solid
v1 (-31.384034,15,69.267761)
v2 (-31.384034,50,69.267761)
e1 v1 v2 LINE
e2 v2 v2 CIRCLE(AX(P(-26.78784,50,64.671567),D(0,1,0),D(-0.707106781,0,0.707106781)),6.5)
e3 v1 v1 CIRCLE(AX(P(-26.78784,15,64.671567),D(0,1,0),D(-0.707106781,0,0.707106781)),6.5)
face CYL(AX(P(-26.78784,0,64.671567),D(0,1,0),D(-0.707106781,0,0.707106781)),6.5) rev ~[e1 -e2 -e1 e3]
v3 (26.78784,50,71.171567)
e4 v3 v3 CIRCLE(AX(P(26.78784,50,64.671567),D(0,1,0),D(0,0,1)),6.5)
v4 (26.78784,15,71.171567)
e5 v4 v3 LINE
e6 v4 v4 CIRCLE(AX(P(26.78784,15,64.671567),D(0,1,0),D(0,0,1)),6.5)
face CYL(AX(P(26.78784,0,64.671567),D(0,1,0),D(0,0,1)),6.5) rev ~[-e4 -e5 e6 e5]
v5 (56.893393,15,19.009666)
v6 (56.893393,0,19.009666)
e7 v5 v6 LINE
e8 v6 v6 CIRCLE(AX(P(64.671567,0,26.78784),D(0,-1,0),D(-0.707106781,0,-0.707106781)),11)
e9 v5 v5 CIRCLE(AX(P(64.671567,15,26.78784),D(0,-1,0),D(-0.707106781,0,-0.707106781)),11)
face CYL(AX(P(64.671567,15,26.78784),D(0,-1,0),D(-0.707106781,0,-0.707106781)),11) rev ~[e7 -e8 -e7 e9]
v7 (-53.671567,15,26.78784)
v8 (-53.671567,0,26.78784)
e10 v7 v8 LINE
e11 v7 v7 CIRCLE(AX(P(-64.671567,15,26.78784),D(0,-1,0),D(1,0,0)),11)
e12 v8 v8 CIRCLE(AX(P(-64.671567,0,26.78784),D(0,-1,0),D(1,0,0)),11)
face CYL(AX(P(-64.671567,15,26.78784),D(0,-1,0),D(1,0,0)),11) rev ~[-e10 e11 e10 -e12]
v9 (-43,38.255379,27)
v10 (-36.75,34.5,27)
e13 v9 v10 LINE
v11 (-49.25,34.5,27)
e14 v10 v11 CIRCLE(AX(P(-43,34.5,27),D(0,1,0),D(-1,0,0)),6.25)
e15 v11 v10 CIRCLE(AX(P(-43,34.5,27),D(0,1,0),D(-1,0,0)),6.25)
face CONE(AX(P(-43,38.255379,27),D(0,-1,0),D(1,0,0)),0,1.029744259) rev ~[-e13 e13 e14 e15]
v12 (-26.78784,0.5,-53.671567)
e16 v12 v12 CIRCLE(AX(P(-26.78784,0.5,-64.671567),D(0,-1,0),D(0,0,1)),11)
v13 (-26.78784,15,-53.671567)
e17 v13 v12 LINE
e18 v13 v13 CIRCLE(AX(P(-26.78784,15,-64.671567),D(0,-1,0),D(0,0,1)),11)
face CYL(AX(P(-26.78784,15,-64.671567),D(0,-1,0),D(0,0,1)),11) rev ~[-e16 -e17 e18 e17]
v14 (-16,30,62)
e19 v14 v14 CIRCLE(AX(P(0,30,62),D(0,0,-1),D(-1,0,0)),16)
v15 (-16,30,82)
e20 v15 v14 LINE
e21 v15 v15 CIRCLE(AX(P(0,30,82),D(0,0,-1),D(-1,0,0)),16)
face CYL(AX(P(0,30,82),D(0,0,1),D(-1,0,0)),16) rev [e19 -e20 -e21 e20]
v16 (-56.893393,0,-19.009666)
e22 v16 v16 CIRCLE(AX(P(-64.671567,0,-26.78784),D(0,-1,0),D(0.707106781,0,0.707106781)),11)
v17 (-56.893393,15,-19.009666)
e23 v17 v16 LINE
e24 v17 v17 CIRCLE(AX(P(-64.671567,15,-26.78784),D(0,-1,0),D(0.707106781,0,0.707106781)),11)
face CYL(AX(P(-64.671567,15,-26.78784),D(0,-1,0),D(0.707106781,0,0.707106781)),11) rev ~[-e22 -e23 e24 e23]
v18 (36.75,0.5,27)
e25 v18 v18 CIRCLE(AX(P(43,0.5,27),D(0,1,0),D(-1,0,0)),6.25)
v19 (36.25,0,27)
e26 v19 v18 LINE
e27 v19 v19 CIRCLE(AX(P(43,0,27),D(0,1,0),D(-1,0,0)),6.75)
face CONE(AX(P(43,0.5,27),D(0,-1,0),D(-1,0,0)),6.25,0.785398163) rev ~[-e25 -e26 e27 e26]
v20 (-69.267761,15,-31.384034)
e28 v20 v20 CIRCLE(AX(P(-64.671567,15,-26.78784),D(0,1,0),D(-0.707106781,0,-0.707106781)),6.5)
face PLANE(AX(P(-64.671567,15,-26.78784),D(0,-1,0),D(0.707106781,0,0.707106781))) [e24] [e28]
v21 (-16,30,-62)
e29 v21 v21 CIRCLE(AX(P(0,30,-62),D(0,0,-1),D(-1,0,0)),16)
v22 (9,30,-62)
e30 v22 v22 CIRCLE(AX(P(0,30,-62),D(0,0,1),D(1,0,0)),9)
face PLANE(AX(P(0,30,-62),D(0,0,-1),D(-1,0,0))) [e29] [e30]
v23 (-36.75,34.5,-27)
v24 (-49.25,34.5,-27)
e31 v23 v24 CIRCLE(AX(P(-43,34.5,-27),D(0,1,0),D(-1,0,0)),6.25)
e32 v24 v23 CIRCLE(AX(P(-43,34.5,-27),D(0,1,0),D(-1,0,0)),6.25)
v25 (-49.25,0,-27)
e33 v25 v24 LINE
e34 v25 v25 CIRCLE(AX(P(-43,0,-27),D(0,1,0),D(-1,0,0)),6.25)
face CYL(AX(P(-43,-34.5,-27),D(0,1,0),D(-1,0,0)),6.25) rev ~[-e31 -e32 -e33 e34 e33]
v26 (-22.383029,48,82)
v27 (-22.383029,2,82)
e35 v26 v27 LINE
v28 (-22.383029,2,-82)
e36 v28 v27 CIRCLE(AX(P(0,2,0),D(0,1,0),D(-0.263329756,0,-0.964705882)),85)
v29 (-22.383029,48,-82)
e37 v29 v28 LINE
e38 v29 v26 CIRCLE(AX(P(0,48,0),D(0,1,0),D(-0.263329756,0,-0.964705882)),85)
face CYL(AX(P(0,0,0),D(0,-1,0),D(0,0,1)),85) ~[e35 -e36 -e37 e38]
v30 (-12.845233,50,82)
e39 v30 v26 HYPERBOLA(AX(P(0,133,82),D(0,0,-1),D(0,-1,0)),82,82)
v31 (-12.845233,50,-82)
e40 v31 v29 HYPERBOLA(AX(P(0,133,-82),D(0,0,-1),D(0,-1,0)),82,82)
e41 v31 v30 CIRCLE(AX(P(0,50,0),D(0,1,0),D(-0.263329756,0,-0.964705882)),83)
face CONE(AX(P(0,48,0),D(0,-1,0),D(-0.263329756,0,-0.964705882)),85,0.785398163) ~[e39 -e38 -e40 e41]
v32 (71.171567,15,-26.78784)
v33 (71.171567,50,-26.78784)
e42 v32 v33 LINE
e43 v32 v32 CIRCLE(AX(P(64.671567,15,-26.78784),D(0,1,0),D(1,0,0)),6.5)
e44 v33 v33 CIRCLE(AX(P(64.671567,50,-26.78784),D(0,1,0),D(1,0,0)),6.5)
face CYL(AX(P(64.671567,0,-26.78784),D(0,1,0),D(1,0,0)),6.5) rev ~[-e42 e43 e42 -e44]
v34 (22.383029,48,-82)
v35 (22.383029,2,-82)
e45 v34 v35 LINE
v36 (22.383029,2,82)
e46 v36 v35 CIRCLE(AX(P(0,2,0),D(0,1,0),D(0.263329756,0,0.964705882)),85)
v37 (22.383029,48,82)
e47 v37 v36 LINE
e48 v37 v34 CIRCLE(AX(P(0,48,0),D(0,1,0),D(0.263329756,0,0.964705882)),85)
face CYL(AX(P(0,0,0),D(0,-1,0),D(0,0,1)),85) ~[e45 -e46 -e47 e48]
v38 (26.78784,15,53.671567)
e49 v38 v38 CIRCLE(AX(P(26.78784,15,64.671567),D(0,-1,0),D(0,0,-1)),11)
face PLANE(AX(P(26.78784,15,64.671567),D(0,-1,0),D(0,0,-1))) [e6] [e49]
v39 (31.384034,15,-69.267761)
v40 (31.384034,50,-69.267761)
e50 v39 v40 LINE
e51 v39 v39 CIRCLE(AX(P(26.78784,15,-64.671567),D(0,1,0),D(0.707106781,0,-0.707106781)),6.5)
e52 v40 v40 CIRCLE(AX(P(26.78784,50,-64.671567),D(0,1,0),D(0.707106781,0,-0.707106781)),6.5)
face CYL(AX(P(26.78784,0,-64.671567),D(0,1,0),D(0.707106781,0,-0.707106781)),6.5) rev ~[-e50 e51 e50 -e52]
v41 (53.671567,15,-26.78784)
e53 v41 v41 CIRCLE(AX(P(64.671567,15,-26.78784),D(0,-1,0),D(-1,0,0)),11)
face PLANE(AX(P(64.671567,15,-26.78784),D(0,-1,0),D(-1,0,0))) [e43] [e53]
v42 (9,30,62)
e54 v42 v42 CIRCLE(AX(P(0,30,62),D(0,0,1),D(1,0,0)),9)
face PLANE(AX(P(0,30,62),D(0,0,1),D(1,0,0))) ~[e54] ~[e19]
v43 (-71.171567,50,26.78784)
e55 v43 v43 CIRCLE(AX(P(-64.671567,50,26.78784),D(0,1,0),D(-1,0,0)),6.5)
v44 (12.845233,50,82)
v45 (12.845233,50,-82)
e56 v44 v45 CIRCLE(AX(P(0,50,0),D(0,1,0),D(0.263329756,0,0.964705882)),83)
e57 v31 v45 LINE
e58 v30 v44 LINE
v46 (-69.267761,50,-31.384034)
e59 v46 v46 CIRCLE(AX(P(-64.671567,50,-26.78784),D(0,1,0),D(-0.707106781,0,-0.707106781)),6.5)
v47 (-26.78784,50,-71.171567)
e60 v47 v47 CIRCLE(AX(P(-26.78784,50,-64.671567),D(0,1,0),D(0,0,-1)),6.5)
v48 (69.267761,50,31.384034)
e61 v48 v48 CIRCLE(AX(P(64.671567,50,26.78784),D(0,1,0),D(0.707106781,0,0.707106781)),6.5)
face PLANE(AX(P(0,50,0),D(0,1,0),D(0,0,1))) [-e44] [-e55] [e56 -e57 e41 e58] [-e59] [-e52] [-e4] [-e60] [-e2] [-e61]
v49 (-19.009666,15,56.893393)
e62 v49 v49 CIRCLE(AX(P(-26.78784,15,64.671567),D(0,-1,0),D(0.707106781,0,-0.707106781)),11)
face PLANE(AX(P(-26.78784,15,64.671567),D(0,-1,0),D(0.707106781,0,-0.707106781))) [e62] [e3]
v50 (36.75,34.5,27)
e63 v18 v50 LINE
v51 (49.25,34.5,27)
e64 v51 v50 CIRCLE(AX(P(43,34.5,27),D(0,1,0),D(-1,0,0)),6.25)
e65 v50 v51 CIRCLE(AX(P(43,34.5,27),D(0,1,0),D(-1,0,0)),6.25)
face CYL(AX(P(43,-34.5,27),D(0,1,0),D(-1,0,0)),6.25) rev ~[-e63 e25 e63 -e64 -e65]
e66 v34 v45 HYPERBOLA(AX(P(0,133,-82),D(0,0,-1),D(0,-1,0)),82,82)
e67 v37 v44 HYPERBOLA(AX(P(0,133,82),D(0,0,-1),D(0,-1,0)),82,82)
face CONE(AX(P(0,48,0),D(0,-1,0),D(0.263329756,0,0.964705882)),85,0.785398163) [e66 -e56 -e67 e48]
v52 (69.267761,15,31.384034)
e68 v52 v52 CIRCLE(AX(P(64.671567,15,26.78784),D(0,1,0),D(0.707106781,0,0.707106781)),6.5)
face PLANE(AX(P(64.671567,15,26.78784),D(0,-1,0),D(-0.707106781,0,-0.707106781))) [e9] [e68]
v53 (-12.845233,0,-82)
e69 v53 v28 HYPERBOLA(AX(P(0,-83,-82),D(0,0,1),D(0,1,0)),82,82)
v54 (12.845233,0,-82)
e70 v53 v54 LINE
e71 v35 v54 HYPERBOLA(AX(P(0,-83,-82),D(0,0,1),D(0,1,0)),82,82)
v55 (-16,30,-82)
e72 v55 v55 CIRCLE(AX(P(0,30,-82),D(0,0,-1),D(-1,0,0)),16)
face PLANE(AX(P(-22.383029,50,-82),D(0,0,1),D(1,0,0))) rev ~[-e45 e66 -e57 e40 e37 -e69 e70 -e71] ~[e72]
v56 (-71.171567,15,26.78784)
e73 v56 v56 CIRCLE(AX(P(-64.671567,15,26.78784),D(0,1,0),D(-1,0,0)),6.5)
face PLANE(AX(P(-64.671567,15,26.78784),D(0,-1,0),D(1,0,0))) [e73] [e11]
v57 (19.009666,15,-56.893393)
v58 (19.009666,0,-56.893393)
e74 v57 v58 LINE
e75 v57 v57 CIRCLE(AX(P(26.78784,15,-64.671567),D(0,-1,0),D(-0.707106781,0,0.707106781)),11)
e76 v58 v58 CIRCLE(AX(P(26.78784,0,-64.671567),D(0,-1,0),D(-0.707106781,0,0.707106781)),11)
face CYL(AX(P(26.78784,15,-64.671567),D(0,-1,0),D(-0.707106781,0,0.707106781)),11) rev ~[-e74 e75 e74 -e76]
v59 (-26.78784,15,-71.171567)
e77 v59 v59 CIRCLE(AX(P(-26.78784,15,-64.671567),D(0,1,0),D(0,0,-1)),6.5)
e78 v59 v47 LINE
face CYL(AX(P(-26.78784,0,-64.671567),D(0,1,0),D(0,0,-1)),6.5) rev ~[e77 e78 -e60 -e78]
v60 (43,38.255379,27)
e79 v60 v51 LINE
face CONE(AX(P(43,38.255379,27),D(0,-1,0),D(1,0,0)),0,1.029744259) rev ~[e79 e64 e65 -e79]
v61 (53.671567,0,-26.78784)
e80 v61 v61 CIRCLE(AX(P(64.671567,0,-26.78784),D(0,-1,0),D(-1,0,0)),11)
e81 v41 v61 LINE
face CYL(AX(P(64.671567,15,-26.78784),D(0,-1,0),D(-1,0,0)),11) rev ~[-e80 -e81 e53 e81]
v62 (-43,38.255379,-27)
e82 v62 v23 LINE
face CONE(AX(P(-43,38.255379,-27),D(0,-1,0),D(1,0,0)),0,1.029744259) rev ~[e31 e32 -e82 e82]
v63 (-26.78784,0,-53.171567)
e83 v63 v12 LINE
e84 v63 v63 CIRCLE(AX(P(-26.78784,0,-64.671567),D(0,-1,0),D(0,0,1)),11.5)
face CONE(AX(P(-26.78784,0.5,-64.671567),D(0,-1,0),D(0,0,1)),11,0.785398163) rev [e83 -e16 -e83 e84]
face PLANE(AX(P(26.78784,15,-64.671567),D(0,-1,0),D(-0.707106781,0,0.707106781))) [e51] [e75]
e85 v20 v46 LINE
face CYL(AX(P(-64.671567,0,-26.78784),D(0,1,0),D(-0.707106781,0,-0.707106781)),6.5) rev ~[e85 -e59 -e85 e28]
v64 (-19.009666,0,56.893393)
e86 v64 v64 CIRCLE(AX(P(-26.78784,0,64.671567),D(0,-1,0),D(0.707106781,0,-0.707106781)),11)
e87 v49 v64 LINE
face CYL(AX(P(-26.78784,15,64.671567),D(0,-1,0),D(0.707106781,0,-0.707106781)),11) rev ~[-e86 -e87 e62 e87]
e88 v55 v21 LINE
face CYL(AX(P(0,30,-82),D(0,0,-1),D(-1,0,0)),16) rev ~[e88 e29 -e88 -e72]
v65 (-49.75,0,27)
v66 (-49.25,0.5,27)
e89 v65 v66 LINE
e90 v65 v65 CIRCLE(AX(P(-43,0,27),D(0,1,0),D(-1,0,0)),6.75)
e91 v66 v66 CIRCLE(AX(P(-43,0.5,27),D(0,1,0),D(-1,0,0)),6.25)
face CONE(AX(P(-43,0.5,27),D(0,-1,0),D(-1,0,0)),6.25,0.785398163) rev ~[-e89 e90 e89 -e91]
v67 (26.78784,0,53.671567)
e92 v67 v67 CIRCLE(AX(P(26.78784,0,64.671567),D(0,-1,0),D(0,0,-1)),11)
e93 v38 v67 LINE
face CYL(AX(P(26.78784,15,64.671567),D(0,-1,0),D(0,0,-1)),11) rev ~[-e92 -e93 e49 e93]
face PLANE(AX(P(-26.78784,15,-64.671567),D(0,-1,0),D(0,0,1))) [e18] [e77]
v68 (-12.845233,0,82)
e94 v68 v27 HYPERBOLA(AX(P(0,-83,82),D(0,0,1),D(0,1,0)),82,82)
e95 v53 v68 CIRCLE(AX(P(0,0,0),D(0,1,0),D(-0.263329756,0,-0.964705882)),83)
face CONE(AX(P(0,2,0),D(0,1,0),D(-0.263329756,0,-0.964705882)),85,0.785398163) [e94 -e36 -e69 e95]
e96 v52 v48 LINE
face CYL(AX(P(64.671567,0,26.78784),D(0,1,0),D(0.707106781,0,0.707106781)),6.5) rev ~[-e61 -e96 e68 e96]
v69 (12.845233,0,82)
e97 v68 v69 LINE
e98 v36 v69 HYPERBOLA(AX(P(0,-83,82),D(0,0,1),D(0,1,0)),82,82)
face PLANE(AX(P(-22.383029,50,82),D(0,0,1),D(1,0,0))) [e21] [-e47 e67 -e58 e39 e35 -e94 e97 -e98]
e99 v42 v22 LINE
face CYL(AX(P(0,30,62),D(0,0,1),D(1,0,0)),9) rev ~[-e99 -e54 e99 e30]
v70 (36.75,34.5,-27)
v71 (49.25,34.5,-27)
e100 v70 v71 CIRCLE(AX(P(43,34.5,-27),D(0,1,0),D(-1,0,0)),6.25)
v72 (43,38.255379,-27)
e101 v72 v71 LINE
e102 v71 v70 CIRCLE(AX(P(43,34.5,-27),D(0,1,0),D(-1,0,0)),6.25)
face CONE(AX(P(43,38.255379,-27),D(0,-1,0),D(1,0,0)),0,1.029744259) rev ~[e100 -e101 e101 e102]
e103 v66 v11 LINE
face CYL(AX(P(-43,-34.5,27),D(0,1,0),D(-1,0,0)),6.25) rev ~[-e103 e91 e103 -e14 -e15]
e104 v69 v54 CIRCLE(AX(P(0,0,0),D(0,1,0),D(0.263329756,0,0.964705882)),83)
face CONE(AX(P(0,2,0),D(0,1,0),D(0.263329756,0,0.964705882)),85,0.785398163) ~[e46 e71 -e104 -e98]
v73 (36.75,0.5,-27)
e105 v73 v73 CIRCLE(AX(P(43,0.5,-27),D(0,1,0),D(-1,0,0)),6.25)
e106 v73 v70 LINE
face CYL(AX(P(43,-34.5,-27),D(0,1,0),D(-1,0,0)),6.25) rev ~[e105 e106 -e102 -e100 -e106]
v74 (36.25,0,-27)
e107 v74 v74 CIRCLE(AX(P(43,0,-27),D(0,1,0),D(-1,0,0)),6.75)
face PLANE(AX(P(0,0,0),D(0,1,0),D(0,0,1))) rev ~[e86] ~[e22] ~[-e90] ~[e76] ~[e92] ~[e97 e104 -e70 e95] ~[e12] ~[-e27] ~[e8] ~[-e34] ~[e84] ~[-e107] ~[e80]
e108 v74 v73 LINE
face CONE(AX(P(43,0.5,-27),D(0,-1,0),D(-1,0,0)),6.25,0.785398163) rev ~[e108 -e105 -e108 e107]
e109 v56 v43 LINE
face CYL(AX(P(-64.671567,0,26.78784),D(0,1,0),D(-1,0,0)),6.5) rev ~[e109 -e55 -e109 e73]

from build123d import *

# Parameters (mm, degrees)
SKETCH_1_R                    = 85
EXTRUDE_1_DEPTH               = 50
M14X1_5_1_D                   = 12.5
M14X1_5_1_DEPTH               = 34.5
M14X1_5_1_TIP                 = 3.755378869
HOLE_WIZARD_M12_1_D           = 13
HOLE_WIZARD_M12_1_CBORE_D     = 22
HOLE_WIZARD_M12_1_CBORE_DEPTH = 15
PATTERN_CIRCULAR_1_COUNT      = 8
SKETCH_6_W                    = 44.766058572
SKETCH_6_H                    = 9.083836387
SKETCH_6_H_2                  = 8.147377862
CUT_EXTRUDE_1_DEPTH           = 131.192165663
SKETCH_7_R                    = 16
CUT_EXTRUDE_2_DEPTH           = 20
SKETCH_8_R                    = 9
CUT_EXTRUDE_3_DEPTH           = 175.530799574
CHAMFER_1_SIZE                = 2
CHAMFER_2_SIZE                = 0.5


with BuildPart() as part:
    # 草圖1 → 填料-伸長1 (new body)
    with BuildSketch(Plane(origin=(0, 0, 0), x_dir=(1, 0, 0), z_dir=(0, 1, 0))):
        with Locations(Location((0, 0, 0), (0, 0, 270))):
            Circle(SKETCH_1_R)
    extrude(amount=EXTRUDE_1_DEPTH)

    # M14x1.5 螺紋孔1
    with Locations(Plane.XZ):
        with Locations((43, -27), (43, 27), (-43, 27), (-43, -27)):
            Hole(M14X1_5_1_D / 2, depth=M14X1_5_1_DEPTH)
            with Locations((0, 0, -(M14X1_5_1_DEPTH + M14X1_5_1_TIP / 2))):  # 118° drill point
                Cone(0, M14X1_5_1_D / 2, M14X1_5_1_TIP, mode=Mode.SUBTRACT)

    # M12 六角頭螺栓的柱孔1 (through all)
    with Locations(Plane.XZ):
        with Locations((-64.671567276, 26.787840266)):
            hole_wizard_m12_1 = CounterBoreHole(HOLE_WIZARD_M12_1_D / 2, HOLE_WIZARD_M12_1_CBORE_D / 2, HOLE_WIZARD_M12_1_CBORE_DEPTH)

    # 環狀複製排列1: M12 六角頭螺栓的柱孔1 ×8 about axis
    pattern_circular_1_axis = Axis((0, 0, 0), (0, 1, 0))
    for i in range(1, PATTERN_CIRCULAR_1_COUNT):
        add(hole_wizard_m12_1.rotate(pattern_circular_1_axis, i * 360 / PATTERN_CIRCULAR_1_COUNT), mode=Mode.SUBTRACT)

    # 草圖6 → 除料-伸長1 (cut, through all)
    with BuildSketch(Plane(origin=(0, 50, 0), x_dir=(1, 0, 0), z_dir=(0, 1, 0))):
        with Locations((0, 86.541918194)):
            Rectangle(SKETCH_6_W, SKETCH_6_H)
        with Locations((0, -86.073688931)):
            Rectangle(SKETCH_6_W, SKETCH_6_H_2)
    extrude(amount=-CUT_EXTRUDE_1_DEPTH, mode=Mode.SUBTRACT)

    # 草圖7 → 除料-伸長2 (cut)
    with BuildSketch(Plane(origin=(0, 0, -82), x_dir=(-1, 0, 0), z_dir=(0, 0, -1))):
        with Locations((0, 30)):
            Circle(SKETCH_7_R)
    cut_extrude_2 = extrude(amount=-CUT_EXTRUDE_2_DEPTH, mode=Mode.SUBTRACT)

    # 鏡射1: 除料-伸長2 across plane
    add(cut_extrude_2.mirror(Plane.XY), mode=Mode.SUBTRACT)

    # 草圖8 → 除料-伸長3 (cut, through all)
    with BuildSketch(Plane.XY.offset(62)):
        with Locations((0, 30)):
            Circle(SKETCH_8_R)
    extrude(amount=-CUT_EXTRUDE_3_DEPTH, mode=Mode.SUBTRACT)

    # 導角1
    chamfer_1_edges = [part.edges().sort_by_distance(p)[0] for p in [
        (-85, 50, 0),
        (-85, 0, 0),
        (85, 50, 0),
        (85, 0, 0),
    ]]
    chamfer(chamfer_1_edges, length=CHAMFER_1_SIZE)

    # 導角2
    chamfer_2_edges = [part.edges().sort_by_distance(p)[0] for p in [
        (-36.75, 0, 27),
        (49.25, 0, 27),
        (49.25, 0, -27),
        (-26.787840266, 0, -75.671567276),
    ]]
    chamfer(chamfer_2_edges, length=CHAMFER_2_SIZE)


solid = part.part
